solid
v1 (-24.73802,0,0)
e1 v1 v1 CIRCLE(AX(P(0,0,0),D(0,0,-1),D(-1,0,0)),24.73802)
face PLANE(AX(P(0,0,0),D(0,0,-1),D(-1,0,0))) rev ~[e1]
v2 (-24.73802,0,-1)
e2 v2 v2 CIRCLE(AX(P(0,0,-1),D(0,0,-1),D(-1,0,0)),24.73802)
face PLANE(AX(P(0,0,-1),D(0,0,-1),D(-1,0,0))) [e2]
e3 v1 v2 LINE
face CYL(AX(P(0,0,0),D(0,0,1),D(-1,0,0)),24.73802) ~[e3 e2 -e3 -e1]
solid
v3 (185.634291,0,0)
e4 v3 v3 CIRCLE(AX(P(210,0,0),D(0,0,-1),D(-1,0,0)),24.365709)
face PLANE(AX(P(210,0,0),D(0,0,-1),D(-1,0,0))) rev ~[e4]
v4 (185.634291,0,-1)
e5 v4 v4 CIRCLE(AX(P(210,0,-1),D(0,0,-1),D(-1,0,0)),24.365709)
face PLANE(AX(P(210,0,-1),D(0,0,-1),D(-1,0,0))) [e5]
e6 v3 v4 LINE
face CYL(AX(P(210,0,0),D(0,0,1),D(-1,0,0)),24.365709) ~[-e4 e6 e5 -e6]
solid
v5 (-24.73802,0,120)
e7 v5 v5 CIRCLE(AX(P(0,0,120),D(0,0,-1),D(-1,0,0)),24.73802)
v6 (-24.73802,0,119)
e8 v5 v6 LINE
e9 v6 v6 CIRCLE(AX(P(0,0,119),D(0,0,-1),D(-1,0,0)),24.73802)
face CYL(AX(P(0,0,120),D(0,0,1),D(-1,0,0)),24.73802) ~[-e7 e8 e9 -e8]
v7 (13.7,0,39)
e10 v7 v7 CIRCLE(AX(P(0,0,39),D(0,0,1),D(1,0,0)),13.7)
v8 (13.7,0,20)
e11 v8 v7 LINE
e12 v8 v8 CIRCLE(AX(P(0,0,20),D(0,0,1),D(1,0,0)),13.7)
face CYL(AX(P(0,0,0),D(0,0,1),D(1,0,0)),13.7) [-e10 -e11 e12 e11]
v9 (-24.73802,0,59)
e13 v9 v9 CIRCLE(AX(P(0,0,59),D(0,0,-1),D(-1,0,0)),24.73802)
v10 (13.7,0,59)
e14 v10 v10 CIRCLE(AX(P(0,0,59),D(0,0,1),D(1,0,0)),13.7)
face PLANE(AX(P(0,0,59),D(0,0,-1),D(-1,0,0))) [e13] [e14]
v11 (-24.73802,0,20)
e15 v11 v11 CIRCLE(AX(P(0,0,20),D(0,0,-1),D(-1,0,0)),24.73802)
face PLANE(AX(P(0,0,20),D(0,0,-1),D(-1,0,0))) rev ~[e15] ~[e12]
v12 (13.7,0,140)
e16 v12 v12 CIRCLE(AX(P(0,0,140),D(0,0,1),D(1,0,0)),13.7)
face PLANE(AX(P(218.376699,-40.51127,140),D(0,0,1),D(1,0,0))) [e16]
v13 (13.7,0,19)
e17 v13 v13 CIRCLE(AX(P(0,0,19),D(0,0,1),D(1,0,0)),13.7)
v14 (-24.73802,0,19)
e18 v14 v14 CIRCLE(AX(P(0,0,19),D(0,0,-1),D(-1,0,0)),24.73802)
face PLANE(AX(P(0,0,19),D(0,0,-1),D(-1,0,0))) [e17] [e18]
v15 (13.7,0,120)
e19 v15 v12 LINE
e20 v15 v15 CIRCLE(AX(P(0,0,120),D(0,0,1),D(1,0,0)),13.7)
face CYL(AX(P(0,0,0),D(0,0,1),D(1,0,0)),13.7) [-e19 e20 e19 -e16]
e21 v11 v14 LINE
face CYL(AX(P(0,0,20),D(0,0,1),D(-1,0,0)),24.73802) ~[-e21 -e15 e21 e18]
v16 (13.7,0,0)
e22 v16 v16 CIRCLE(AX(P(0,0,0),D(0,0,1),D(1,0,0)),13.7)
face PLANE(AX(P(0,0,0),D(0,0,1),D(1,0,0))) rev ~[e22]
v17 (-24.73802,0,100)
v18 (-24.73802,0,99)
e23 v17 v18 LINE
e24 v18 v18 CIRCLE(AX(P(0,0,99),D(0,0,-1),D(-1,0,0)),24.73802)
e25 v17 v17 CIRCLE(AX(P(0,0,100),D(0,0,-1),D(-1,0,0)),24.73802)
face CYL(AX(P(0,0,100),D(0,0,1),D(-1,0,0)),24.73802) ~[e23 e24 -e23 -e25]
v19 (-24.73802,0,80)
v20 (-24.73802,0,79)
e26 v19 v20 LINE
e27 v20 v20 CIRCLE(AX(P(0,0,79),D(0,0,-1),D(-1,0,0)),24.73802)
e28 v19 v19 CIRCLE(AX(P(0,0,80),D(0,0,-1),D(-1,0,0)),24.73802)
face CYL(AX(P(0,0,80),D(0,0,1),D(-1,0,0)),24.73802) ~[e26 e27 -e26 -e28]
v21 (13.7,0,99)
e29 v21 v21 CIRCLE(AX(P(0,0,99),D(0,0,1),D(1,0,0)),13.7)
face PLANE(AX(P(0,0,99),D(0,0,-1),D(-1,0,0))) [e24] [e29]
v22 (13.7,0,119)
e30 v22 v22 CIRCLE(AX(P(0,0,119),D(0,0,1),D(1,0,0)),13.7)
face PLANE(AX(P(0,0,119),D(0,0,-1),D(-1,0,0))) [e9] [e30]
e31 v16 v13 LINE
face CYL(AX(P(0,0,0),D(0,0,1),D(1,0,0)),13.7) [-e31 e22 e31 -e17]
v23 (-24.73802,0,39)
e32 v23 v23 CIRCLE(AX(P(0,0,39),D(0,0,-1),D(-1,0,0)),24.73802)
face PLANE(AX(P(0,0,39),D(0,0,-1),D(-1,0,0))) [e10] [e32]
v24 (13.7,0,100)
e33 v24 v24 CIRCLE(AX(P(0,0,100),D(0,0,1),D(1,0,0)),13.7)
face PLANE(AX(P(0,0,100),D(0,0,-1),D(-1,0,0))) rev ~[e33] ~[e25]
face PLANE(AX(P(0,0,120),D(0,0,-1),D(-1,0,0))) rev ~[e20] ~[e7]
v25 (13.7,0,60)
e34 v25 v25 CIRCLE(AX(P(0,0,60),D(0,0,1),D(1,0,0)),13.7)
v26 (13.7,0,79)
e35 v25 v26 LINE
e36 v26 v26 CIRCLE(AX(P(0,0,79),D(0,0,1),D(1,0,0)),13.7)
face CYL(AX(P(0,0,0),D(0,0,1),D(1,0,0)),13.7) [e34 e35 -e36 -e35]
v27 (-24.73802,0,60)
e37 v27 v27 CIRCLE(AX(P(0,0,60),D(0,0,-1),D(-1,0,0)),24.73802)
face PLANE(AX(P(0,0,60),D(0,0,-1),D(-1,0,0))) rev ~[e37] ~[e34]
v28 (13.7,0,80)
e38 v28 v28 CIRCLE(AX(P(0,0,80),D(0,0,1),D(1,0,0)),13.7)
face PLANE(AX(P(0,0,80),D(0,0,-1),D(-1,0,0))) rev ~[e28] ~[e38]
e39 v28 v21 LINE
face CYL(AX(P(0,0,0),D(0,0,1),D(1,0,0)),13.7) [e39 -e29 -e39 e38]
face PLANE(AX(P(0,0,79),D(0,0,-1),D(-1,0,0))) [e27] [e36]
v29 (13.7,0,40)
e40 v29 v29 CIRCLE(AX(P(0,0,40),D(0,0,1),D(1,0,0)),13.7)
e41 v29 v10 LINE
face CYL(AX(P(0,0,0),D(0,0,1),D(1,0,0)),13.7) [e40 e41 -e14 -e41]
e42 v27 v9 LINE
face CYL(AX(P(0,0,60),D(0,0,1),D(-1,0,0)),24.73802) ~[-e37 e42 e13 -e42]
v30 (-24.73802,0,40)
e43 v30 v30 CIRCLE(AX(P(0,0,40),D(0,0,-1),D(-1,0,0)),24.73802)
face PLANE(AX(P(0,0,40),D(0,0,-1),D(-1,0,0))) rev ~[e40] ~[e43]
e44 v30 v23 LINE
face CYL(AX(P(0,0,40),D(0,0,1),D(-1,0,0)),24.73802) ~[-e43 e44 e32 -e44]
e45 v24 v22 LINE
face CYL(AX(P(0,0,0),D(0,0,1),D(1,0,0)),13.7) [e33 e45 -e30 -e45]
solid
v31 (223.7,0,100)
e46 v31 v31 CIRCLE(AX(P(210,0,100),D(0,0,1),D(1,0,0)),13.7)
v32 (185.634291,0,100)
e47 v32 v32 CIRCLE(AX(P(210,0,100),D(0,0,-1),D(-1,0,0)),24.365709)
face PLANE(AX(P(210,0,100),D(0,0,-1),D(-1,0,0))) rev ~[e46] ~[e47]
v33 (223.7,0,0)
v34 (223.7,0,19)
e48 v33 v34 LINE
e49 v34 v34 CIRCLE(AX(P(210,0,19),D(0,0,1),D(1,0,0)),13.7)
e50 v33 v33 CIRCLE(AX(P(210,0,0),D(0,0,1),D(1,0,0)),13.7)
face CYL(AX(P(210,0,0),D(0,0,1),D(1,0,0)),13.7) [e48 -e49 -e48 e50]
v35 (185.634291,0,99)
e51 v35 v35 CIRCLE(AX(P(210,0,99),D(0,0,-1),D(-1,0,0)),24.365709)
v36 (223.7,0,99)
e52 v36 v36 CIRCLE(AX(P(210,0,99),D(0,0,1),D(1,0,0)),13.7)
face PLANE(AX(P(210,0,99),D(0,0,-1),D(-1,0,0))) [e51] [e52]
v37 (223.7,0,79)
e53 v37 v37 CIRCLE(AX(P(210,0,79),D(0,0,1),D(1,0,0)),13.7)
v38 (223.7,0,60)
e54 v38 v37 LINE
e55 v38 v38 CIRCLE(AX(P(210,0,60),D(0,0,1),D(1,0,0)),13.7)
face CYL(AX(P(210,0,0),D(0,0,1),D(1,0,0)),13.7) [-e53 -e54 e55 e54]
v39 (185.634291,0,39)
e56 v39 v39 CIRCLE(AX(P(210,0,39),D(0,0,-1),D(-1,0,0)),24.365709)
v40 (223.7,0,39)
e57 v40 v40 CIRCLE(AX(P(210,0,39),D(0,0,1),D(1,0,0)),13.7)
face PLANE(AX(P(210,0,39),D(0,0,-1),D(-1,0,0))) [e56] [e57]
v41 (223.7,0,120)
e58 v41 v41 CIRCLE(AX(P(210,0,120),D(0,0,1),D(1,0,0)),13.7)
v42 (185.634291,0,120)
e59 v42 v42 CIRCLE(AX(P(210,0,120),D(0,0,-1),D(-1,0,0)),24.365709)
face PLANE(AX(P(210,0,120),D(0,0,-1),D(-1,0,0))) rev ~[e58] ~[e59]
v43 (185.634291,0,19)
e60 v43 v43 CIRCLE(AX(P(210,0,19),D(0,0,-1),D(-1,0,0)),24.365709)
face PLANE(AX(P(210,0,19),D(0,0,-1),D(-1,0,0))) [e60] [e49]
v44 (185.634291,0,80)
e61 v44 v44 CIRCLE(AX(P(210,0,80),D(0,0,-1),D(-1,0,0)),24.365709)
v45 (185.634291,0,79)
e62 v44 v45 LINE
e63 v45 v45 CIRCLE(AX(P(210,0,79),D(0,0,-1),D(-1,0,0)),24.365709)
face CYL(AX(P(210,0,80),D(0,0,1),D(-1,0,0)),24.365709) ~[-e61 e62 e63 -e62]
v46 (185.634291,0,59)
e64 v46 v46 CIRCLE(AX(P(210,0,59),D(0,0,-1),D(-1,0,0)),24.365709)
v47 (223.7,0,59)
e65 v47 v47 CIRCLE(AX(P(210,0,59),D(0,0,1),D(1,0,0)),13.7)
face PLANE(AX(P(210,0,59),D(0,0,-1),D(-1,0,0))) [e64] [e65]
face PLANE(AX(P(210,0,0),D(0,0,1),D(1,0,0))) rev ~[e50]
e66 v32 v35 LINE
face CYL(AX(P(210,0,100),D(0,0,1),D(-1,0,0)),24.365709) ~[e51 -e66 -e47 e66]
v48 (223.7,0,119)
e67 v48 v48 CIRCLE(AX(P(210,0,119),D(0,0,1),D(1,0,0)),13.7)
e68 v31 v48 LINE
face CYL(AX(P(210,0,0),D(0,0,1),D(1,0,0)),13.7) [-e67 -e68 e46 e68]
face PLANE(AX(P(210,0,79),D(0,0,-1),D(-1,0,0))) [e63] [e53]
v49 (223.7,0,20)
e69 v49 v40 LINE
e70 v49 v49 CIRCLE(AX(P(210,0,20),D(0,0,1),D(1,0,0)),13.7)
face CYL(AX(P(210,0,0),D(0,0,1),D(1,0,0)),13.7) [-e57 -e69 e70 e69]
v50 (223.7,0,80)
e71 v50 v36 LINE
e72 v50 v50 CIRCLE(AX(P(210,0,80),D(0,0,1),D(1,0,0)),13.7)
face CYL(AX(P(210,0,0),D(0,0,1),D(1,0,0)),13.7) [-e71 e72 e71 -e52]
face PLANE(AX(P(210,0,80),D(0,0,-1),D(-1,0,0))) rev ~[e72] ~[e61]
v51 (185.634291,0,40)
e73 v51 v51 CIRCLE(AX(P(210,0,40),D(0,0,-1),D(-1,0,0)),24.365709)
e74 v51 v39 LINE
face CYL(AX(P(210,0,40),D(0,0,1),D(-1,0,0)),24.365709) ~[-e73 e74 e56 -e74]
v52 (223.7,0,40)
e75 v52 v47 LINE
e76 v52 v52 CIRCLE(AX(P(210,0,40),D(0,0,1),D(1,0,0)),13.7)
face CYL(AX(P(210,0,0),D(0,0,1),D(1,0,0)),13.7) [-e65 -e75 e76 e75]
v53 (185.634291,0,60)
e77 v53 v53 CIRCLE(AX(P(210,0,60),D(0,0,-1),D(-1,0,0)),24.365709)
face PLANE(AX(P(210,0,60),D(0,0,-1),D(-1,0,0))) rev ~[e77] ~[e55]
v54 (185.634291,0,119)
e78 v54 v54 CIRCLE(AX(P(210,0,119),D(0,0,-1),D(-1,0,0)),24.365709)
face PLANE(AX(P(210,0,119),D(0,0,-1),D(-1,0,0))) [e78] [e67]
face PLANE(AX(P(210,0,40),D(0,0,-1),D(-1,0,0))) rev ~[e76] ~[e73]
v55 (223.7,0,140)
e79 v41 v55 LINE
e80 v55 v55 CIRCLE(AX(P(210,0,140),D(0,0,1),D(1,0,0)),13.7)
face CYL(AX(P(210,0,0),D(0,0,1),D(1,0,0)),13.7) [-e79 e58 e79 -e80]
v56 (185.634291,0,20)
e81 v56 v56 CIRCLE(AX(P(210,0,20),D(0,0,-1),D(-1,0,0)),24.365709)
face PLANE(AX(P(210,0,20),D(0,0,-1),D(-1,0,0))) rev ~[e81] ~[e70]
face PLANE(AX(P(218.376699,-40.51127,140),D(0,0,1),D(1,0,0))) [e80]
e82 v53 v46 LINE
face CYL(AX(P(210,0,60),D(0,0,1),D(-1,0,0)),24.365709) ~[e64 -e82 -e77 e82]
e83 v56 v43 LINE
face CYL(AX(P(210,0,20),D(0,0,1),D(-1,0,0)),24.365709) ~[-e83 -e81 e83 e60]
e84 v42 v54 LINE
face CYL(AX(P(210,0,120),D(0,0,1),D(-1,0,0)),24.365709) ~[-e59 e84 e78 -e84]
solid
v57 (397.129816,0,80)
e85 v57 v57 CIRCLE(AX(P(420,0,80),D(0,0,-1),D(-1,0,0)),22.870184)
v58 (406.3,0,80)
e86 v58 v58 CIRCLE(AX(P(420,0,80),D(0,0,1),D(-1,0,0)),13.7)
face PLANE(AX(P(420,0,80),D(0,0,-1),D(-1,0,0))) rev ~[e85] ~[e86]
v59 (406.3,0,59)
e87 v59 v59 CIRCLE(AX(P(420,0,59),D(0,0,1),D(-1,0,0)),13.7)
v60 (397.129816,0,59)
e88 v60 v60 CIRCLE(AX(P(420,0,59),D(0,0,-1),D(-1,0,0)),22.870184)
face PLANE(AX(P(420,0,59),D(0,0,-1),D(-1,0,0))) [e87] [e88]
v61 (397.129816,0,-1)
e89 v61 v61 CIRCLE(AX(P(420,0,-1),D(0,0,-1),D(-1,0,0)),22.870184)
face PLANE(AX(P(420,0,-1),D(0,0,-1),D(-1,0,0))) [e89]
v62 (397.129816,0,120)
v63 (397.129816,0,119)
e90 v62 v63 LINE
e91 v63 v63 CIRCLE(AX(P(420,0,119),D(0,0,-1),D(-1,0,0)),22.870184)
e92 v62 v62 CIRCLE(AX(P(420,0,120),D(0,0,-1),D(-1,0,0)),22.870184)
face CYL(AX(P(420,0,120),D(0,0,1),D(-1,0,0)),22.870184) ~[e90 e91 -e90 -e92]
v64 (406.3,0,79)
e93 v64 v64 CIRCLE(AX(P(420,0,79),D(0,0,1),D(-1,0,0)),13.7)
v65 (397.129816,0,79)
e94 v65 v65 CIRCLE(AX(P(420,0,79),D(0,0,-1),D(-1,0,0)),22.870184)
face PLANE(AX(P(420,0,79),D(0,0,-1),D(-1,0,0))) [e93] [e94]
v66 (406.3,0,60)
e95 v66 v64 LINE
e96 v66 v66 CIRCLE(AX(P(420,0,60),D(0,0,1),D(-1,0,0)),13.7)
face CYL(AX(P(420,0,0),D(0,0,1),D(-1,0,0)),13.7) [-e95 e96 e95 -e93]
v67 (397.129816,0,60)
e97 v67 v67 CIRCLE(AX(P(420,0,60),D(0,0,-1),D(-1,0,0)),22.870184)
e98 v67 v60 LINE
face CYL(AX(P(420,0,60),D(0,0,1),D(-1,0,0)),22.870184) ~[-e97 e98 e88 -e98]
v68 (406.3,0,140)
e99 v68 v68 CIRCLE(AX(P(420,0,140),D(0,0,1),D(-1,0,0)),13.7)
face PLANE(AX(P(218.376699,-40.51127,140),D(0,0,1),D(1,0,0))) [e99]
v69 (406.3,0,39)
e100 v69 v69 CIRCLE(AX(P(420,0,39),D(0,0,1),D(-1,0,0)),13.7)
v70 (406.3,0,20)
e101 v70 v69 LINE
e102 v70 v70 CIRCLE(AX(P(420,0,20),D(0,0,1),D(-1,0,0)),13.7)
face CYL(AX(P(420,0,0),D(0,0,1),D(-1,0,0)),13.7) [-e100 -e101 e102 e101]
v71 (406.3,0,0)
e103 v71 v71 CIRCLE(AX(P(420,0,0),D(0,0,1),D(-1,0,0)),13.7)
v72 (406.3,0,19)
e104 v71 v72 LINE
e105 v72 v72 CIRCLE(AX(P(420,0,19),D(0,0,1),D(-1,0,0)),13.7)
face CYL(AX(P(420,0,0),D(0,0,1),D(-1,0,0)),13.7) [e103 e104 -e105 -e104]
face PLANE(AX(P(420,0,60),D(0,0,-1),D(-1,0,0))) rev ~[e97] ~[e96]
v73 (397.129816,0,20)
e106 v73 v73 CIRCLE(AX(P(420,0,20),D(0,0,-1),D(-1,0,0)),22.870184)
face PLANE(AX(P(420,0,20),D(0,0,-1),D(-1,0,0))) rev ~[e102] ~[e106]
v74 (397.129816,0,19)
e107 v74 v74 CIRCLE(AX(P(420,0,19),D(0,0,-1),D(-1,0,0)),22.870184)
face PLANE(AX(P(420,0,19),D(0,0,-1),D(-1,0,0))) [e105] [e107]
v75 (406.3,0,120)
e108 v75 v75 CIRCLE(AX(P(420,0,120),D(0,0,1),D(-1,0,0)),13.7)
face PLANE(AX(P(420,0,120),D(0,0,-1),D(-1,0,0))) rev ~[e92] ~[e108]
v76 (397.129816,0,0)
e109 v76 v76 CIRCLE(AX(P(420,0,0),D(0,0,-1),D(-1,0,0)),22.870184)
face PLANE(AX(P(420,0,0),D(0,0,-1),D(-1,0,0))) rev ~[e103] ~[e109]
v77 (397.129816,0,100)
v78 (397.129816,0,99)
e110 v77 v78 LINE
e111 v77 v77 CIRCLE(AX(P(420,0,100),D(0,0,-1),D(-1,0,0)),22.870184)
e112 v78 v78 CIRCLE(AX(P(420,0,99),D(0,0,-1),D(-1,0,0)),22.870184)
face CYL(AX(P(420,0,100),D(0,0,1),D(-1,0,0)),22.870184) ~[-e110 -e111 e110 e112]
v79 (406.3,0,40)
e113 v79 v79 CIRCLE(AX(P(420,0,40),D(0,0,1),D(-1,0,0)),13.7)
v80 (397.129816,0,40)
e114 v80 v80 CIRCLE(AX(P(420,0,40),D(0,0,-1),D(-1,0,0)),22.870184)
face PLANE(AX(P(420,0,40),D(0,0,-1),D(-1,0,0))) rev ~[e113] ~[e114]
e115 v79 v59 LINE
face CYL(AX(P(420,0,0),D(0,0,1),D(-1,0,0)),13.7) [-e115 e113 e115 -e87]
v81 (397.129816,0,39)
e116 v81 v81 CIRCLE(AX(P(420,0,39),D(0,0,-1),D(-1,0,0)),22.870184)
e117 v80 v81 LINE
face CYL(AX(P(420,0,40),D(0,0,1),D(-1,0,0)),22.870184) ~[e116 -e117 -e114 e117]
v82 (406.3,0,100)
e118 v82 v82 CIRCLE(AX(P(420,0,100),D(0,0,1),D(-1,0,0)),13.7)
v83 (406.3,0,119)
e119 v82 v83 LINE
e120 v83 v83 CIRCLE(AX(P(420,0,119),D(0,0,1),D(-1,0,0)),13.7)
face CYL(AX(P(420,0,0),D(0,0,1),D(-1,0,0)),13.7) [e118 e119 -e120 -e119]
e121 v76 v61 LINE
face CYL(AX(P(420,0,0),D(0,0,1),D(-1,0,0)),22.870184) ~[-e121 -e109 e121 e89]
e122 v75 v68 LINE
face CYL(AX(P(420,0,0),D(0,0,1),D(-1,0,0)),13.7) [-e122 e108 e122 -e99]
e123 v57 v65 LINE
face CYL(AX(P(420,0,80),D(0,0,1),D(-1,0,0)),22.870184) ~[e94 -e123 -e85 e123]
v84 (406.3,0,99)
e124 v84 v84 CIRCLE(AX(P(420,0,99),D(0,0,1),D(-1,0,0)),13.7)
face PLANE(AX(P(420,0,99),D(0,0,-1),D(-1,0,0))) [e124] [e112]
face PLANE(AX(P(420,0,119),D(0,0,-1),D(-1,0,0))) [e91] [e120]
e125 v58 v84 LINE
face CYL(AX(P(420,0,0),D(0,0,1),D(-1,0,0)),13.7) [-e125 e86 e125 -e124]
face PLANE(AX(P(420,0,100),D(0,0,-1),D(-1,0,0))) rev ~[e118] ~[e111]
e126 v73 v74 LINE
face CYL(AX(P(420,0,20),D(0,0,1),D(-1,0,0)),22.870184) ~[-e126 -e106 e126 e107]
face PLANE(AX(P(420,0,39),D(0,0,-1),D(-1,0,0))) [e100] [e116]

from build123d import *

# Parameters (mm, degrees)
BARRER5_PROFILE_R       = 13.7
BARRER6_PROFILE_R       = 13.7
CROQUIS41_R             = 13.7
CROQUIS62_R             = 22.870183784
CROQUIS62_R_2           = 24.36570856
CROQUIS62_R_3           = 24.738020287
SALIENTE_EXTRUIR1_DEPTH = 1
MATRIZL1_COUNT          = 7
MATRIZL1_PITCH          = 20
CROQUIS73_W             = 474.503225304
CROQUIS73_H             = 271.900955151
CORTAR_EXTRUIR2_DEPTH   = 450


with BuildPart() as part:
    # Barrer5: sweep along a curve in space
    with BuildLine() as barrer5_path:
        Line((0, 0, 0), (0, 0, 170))
        ThreePointArc((0, 0, 170), (8.786796564, 0, 191.213203436), (30, 0, 200))
        Line((30, 0, 200), (145.00018, 0, 200))
        ThreePointArc((145.00018, 0, 200), (166.213383436, 0, 208.786796564), (175.00018, 0, 230))
        Line((175.00018, 0, 230), (175.00018, 0, 500))
        ThreePointArc((175.00018, 0, 500), (175.00018, -5.857864376, 514.142135624), (175.00018, -20, 520))
        Line((175.00018, -20, 520), (175.00018, -156.800061359, 520))
    # Barrer5 profile (on start of the path) → Barrer5 (sweep)
    with BuildSketch(Plane.XY):
        Circle(BARRER5_PROFILE_R)
    sweep(path=barrer5_path.line)


with BuildPart() as body_2:
    # Barrer6: sweep along a curve in space
    with BuildLine() as barrer6_path:
        Line((210, 0, 0), (210, 0, 499.997033))
        ThreePointArc((210, 0, 499.997033), (210, -5.857864376, 514.139168624), (210, -20, 519.997033))
        Line((210, -20, 519.997033), (210, -153.425324093, 519.997033))
    # Barrer6 profile (on start of the path) → Barrer6 (sweep)
    with BuildSketch(Plane(origin=(210, 0, 0), x_dir=(1, 0, 0), z_dir=(0, 0, 1))):
        Circle(BARRER6_PROFILE_R)
    sweep(path=barrer6_path.line)


with BuildPart() as body_3:
    # Barrer7: sweep along a curve in space
    with BuildLine() as barrer7_path:
        Line((420, 0, 0), (420, 0, 180))
        ThreePointArc((420, 0, 180), (414.142135624, 0, 194.142135624), (400, 0, 200))
        Line((400, 0, 200), (264.998005, 0, 200))
        ThreePointArc((264.998005, 0, 200), (250.855869376, 0, 205.857864376), (244.998005, 0, 220))
        Line((244.998005, 0, 220), (244.998005, 0, 500))
        ThreePointArc((244.998005, 0, 500), (244.998005, -5.857864376, 514.142135624), (244.998005, -20, 520))
        Line((244.998005, -20, 520), (244.998005, -158.814937218, 520))
    # Croquis41 → Barrer7 (sweep)
    with BuildSketch(Plane(origin=(0, 0, 0), x_dir=(-1, 0, 0), z_dir=(0, 0, -1))):
        with Locations((-420, 0)):
            Circle(CROQUIS41_R)
    sweep(path=barrer7_path.line)

    # Croquis62 → Saliente-Extruir1 (add)
    with BuildSketch(Plane(origin=(0, 0, 0), x_dir=(-1, 0, 0), z_dir=(0, 0, -1))):
        with Locations((-420, 0)):
            Circle(CROQUIS62_R)
        with Locations((-210, 0)):
            Circle(CROQUIS62_R_2)
        Circle(CROQUIS62_R_3)
    saliente_extruir1 = extrude(amount=SALIENTE_EXTRUIR1_DEPTH)


with BuildPart() as saliente_extruir1_piece_1:
    # of the separate pieces the step leaves, piece 1, a body of its own (saliente_extruir1_pieces)
    add(body_3.part.solids().sort_by_distance((397.129816216, 0, 0))[0])


with BuildPart() as saliente_extruir1_piece_2:
    # of the separate pieces the step leaves, piece 2, a body of its own (saliente_extruir1_pieces)
    add(body_3.part.solids().sort_by_distance((-24.738020287, 0, 0))[0])


with BuildPart() as saliente_extruir1_piece_3:
    # of the separate pieces the step leaves, piece 3, a body of its own (saliente_extruir1_pieces)
    add(body_3.part.solids().sort_by_distance((185.63429144, 0, 0))[0])


with BuildPart() as part_1:
    add(part.part)

    add(body_2.part)  # MatrizL1 merges body 2

    add(saliente_extruir1_piece_1.part)  # MatrizL1 merges Saliente-Extruir1 piece 1
    # MatrizL1: Saliente-Extruir1 ×7
    with Locations(*[(0, 0, i * MATRIZL1_PITCH) for i in range(1, MATRIZL1_COUNT)]):
        add(saliente_extruir1)

    # Croquis73 → Cortar-Extruir2 (cut)
    with BuildSketch(Plane.XY.offset(590)):
        with Locations((218.376698867, -40.511270357)):
            Rectangle(CROQUIS73_W, CROQUIS73_H)
    extrude(amount=-CORTAR_EXTRUIR2_DEPTH, mode=Mode.SUBTRACT)


solid = Compound([saliente_extruir1_piece_2.part, saliente_extruir1_piece_3.part, part_1.part])
